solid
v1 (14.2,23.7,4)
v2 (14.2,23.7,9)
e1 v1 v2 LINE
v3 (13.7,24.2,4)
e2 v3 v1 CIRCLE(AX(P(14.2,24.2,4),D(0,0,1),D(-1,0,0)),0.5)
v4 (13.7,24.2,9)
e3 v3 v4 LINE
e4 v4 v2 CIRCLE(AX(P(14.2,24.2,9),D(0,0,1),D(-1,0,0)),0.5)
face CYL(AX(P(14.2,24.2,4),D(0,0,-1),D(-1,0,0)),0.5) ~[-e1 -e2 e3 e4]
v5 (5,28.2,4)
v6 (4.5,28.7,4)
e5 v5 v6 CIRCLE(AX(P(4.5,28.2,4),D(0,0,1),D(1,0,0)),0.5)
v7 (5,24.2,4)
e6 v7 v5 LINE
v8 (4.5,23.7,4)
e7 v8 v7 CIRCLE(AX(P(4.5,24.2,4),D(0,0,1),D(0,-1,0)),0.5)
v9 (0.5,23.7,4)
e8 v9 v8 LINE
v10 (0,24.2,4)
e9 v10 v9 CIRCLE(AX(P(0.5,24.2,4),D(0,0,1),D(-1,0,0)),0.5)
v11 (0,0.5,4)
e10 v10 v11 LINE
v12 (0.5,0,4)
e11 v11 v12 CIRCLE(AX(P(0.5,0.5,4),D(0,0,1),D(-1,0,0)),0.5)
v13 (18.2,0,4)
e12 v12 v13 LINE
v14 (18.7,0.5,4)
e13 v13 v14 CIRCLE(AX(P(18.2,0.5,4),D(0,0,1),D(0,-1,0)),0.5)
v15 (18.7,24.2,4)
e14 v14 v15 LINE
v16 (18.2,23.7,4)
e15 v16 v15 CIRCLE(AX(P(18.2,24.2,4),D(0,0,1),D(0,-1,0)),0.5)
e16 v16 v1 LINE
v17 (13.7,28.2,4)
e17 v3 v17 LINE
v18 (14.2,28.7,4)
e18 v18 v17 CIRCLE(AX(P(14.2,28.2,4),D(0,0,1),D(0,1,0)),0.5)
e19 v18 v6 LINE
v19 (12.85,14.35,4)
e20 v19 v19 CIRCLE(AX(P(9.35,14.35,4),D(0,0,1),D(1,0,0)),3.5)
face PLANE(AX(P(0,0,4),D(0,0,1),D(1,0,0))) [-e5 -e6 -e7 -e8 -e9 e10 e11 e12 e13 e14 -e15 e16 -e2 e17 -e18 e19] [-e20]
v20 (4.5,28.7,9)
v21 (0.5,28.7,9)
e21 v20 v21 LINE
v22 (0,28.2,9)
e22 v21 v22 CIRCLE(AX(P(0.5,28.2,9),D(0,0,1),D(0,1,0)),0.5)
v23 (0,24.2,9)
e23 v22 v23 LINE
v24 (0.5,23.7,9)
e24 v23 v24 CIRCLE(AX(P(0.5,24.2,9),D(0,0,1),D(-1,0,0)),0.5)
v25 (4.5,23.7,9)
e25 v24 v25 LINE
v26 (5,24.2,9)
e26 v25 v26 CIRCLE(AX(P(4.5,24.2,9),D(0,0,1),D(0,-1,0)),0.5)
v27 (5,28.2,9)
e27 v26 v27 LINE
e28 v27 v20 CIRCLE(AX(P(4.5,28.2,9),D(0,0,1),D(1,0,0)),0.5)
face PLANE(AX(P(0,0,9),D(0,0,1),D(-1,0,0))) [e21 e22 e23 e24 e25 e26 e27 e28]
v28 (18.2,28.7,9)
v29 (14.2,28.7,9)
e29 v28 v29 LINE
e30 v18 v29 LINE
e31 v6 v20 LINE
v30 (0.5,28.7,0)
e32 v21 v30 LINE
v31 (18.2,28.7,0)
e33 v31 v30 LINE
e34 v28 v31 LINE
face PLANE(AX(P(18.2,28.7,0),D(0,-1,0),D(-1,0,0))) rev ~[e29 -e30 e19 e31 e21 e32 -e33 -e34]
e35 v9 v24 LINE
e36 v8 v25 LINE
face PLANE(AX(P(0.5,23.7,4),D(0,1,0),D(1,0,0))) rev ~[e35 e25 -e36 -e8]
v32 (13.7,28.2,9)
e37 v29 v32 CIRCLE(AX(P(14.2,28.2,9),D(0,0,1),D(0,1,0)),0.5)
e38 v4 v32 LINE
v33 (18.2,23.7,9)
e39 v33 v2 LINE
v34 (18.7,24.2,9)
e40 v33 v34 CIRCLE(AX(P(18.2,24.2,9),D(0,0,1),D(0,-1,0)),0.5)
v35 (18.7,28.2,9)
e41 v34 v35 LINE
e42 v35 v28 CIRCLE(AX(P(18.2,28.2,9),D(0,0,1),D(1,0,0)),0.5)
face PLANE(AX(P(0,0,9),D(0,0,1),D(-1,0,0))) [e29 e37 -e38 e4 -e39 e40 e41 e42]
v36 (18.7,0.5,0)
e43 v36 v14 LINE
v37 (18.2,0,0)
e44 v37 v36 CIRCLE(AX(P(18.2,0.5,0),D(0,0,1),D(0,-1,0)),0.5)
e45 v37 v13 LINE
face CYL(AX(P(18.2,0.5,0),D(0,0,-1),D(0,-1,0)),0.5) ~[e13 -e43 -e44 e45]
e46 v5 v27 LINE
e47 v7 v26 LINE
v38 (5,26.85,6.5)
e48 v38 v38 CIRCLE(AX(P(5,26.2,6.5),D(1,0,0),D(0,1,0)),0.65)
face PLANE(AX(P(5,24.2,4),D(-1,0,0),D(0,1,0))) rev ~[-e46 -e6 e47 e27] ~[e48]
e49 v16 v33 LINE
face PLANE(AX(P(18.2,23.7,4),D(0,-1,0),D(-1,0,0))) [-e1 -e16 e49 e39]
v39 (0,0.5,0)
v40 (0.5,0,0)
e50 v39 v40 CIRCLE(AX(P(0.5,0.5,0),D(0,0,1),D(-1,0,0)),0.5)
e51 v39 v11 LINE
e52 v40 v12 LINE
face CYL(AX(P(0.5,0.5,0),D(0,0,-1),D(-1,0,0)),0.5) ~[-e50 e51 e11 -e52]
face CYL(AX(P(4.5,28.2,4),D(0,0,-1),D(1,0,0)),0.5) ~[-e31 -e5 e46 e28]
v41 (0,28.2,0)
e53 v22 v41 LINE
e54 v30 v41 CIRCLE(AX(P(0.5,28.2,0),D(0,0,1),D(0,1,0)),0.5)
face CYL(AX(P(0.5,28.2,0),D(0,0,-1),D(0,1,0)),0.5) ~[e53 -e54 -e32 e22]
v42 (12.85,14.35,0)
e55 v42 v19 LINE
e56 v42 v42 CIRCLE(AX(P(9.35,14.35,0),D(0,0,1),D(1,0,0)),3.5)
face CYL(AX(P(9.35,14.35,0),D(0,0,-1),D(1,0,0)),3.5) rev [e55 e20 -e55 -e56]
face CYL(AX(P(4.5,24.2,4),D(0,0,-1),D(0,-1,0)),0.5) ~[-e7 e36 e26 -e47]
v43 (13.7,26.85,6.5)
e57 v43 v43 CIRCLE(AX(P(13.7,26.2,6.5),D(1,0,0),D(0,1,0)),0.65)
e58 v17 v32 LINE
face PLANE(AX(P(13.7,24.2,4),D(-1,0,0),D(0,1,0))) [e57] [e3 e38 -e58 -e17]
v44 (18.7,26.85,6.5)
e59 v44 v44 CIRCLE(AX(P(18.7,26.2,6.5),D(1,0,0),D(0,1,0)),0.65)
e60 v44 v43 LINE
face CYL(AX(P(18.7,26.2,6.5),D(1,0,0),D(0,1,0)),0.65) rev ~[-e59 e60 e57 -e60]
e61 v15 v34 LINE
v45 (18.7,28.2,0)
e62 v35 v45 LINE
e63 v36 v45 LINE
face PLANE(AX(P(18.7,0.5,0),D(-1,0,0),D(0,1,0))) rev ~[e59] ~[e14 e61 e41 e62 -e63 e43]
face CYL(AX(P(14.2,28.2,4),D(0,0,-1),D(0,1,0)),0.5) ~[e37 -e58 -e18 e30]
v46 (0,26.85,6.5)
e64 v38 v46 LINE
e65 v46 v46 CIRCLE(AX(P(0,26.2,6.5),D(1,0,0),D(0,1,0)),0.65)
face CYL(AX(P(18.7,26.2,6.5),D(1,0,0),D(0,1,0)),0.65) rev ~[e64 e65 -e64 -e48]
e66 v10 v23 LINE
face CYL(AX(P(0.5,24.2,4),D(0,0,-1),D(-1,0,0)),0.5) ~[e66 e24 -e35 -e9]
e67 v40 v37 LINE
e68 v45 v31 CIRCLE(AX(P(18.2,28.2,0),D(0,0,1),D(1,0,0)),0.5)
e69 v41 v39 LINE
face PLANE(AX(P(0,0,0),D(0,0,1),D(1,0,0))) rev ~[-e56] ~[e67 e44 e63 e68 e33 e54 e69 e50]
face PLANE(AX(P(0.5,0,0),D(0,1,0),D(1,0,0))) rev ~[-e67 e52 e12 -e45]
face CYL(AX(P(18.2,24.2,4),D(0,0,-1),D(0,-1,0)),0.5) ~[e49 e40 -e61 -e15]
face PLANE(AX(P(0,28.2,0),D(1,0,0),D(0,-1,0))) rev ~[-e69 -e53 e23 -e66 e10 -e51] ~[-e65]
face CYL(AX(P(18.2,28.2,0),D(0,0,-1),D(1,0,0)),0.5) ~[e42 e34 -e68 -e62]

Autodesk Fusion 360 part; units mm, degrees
sketch "Sketch1" plane through (0, 0, 0) normal (0, 0, 1) x (1, 0, 0)
  line L0 (0.5, 0) -> (18.2, 0)
  line L1 (18.7, 0.5) -> (18.7, 28.2)
  line L2 (18.2, 28.7) -> (0.5, 28.7)
  line L3 (0, 28.2) -> (0, 0.5)
  line L4 (18.7, 28.7) -> (0, 0) construction
  line L5 (0, 28.7) -> (18.7, 0) construction
  arc A0 (0.5, 28.7) -> (0, 28.2) centre (0.5, 28.2) ccw
  arc A1 (18.7, 28.2) -> (18.2, 28.7) centre (18.2, 28.2) ccw
  arc A2 (18.2, 0) -> (18.7, 0.5) centre (18.2, 0.5) ccw
  arc A3 (0, 0.5) -> (0.5, 0) centre (0.5, 0.5) ccw
  circle A4 centre (9.35, 14.35) radius 3.5
  dimension "d1" = 18.7
  dimension "d2" = 28.7
  dimension "d3" = 0.5
  dimension "d4" = 0.5
  dimension "d5" = 0.5
  dimension "d6" = 0.5
  dimension "d7" = 7
extrude "Extrude1" add sketch "Sketch1" along normal blind 4
sketch "Sketch2" plane through (0, 0, 4) normal (0, 0, 1) x (-1, 0, 0)
  circle A0 centre (-9.35, -14.35) radius 3.5
  arc A1 (0, -0.5) -> (-0.5, 0) centre (-0.5, -0.5) ccw
  line L0 (-0.5, 0) -> (-18.2, 0)
  arc A2 (-18.2, 0) -> (-18.7, -0.5) centre (-18.2, -0.5) ccw
  line L1 (-18.7, -0.5) -> (-18.7, -28.2)
  arc A3 (-18.7, -28.2) -> (-18.2, -28.7) centre (-18.2, -28.2) ccw
  line L2 (-18.2, -28.7) -> (-0.5, -28.7)
  arc A4 (-0.5, -28.7) -> (0, -28.2) centre (-0.5, -28.2) ccw
  line L3 (0, -28.2) -> (0, -0.5)
  line L4 (-9.35, -23.7) -> (-18.2, -23.7) construction
  line L5 (-9.35, -23.7) -> (0, -23.7) construction
  line L6 (-18.7, -23.7) -> (-14.2, -23.7)
  line L7 (-0.5, -23.7) -> (-4.5, -23.7)
  line L8 (-5, -24.2) -> (-5, -28.2)
  line L9 (-13.7, -24.2) -> (-13.7, -28.2)
  line L10 (-14.2, -28.7) -> (-18.2, -28.7)
  line L11 (-18.7, -28.2) -> (-18.7, -24.2)
  line L12 (-4.5, -28.7) -> (-0.5, -28.7)
  line L13 (0, -28.2) -> (0, -24.2)
  arc A5 (-0.5, -28.7) -> (0, -28.2) centre (-0.5, -28.2) ccw
  arc A6 (-18.7, -28.2) -> (-18.2, -28.7) centre (-18.2, -28.2) ccw
  arc A7 (-4.5, -23.7) -> (-5, -24.2) centre (-4.5, -24.2) ccw
  arc A8 (0, -24.2) -> (-0.5, -23.7) centre (-0.5, -24.2) ccw
  arc A9 (-5, -28.2) -> (-4.5, -28.7) centre (-4.5, -28.2) ccw
  arc A10 (-14.2, -28.7) -> (-13.7, -28.2) centre (-14.2, -28.2) ccw
  arc A11 (-13.7, -24.2) -> (-14.2, -23.7) centre (-14.2, -24.2) ccw
  arc A12 (-18.2, -23.7) -> (-18.7, -24.2) centre (-18.2, -24.2) ccw
  point P0 (-5, -28.7)
  point P1 (-13.7, -28.7)
  point P2 (-18.7, -28.7)
  point P3 (0, -28.7)
  dimension "d12" = 5
  dimension "d13" = 5
  dimension "d14" = 0.5
  dimension "d15" = 0.5
  dimension "d16" = 0.5
  dimension "d17" = 0.5
  dimension "d18" = 0.5
  dimension "d19" = 0.5
  dimension "d20" = 0.5
  dimension "d21" = 0.5
extrude "Extrude2" add sketch "Sketch2" along normal blind 5 contours L2 A4 L3 L7 L8 L12 L13 A5 A7 A8 A9 | L1 A3 L2 L6 L9 L10 L11 A6 A10 A11 A12
sketch "Sketch3" plane through (18.7, 0, 0) normal (1, 0, 0) x (0, 1, 0)
  line L0 (0.5, 0) -> (28.2, 0)
  line L1 (28.2, 0) -> (28.2, 9)
  line L2 (28.2, 9) -> (24.2, 9)
  line L3 (24.2, 9) -> (24.2, 4)
  line L4 (24.2, 4) -> (0.5, 4)
  line L5 (0.5, 4) -> (0.5, 0)
  line L6 (24.2, 9) -> (24.2, 4) construction
  line L7 (24.2, 4) -> (28.2, 4) construction
  line L8 (24.2, 9) -> (28.2, 4) construction
  line L9 (24.2, 4) -> (28.2, 9) construction
  circle A0 centre (26.2, 6.5) radius 0.65
  dimension "d24" = 1.3
extrude "Extrude3" cut sketch "Sketch3" against normal blind 20 contours A0
